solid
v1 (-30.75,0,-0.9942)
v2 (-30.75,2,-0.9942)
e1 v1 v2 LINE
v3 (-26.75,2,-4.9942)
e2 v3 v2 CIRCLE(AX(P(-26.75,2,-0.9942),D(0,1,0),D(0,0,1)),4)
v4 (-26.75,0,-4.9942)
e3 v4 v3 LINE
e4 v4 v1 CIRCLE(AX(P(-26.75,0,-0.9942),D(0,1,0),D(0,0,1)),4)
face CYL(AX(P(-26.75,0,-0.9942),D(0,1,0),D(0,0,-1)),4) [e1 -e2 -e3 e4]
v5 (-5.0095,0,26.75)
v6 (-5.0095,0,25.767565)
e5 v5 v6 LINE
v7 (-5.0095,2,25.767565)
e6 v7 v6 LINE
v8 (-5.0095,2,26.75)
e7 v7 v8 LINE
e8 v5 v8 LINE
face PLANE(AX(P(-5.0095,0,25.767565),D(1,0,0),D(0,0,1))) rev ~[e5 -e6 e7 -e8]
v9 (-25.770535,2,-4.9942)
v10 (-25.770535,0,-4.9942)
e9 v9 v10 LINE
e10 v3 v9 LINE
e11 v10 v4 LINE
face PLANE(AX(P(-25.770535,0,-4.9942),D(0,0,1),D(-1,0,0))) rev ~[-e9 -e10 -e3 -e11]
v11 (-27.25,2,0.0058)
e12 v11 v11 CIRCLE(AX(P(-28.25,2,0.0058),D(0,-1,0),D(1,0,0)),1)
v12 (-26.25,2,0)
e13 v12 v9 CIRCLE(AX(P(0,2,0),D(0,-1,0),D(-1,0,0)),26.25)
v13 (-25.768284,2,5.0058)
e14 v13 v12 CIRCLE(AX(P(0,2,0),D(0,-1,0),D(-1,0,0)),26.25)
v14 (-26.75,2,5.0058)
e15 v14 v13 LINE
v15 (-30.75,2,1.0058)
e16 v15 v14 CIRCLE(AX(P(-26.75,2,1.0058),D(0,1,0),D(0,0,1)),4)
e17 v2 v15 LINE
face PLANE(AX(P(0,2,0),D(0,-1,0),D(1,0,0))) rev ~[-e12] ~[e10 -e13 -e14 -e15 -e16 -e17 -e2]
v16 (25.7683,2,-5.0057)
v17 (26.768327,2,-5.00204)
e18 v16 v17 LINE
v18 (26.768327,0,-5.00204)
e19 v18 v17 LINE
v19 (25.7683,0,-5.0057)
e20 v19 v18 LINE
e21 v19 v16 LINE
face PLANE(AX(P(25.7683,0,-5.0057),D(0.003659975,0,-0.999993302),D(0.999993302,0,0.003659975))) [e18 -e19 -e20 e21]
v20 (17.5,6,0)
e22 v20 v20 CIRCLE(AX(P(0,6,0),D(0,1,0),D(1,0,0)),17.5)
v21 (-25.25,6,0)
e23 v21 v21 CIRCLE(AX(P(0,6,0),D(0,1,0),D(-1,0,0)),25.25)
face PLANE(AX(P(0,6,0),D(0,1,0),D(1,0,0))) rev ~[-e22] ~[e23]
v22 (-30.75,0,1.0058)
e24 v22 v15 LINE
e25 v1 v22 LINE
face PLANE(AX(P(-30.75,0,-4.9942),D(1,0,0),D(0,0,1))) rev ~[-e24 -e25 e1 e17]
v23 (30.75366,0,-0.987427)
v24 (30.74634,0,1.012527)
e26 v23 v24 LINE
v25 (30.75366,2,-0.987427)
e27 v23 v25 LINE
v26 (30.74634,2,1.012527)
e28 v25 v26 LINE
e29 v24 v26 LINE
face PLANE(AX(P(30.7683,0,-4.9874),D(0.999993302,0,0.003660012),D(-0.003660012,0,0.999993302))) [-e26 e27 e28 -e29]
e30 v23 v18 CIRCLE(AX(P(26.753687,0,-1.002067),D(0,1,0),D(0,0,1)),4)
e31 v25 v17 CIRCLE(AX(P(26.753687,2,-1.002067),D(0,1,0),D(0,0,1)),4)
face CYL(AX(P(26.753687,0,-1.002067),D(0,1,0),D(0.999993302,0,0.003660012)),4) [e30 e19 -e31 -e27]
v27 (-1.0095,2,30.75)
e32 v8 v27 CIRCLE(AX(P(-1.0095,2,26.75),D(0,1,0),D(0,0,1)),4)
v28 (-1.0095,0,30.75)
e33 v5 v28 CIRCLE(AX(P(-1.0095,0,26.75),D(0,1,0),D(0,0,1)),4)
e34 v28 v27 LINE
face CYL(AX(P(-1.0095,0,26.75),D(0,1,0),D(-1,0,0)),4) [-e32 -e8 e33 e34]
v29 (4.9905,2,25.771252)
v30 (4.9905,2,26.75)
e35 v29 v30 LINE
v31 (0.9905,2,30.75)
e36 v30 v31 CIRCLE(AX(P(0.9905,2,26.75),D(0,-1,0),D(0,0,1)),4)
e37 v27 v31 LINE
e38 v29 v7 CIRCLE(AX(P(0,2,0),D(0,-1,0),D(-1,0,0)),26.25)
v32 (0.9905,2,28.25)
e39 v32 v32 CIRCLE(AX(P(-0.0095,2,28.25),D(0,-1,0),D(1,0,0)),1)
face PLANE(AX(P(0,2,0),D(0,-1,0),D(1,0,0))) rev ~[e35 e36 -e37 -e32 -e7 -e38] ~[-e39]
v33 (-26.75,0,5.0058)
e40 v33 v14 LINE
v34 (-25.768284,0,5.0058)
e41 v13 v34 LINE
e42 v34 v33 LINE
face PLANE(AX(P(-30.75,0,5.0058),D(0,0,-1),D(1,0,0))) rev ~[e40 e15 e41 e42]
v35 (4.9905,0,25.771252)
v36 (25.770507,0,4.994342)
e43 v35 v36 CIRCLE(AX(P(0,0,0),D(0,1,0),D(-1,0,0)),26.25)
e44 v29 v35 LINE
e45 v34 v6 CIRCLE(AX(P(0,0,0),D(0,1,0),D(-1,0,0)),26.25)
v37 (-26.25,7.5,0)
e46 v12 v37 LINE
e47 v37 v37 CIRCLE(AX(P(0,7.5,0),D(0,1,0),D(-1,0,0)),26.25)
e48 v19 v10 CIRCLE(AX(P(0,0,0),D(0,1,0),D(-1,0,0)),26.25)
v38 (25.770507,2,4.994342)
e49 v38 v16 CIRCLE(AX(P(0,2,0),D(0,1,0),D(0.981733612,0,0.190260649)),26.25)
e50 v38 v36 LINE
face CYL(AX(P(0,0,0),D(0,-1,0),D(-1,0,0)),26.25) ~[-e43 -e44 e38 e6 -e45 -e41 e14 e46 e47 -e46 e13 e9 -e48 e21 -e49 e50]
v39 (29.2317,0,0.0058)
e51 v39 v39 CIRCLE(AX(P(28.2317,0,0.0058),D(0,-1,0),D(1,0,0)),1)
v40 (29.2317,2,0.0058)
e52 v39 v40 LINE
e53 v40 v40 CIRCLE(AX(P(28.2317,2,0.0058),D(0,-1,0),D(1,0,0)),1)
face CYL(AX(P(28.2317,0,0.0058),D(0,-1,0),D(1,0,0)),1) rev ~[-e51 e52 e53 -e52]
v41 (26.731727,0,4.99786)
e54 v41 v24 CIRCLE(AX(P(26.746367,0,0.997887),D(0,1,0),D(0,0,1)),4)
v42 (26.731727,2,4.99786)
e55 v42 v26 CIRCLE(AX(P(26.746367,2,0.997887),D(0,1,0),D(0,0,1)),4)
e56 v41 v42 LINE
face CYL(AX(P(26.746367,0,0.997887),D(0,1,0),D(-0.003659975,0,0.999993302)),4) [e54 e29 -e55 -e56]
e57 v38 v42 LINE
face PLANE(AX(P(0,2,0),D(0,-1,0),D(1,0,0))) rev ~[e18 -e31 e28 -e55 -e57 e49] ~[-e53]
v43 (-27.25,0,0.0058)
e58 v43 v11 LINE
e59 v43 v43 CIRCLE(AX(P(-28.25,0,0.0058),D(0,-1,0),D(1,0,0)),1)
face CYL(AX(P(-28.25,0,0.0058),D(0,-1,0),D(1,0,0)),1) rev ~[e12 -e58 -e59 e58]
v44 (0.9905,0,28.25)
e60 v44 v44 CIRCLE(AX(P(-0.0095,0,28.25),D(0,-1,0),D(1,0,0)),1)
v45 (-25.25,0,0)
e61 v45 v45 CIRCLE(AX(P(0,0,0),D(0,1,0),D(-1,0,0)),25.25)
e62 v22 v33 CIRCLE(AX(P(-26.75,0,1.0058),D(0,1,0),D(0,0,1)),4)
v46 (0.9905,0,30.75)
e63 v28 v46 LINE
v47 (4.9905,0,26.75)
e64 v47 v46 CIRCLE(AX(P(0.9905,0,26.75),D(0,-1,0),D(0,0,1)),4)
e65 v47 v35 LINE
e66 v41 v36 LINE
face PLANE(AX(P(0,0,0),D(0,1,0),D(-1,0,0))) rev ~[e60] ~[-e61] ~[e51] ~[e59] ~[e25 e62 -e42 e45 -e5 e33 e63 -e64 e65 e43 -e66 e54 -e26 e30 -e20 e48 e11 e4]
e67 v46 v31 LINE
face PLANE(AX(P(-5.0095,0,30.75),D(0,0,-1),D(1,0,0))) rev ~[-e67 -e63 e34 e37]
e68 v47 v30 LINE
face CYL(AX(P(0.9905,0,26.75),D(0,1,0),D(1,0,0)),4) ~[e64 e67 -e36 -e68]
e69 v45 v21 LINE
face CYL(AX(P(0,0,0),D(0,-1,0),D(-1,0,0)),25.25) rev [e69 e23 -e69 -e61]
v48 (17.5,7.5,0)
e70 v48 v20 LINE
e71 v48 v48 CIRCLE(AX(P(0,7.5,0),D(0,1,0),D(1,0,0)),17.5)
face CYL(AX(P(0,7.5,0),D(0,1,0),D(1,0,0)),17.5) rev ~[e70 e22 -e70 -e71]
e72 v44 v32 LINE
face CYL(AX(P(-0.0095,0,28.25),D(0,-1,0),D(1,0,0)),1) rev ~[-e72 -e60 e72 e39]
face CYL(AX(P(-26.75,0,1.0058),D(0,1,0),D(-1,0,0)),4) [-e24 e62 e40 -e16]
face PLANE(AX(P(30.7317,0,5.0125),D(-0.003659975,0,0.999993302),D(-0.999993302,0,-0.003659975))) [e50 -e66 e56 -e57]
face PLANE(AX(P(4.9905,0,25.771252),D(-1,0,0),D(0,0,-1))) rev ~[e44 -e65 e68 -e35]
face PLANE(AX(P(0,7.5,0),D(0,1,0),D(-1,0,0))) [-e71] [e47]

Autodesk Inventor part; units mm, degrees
ref_plane "YZ Plane" through (0, 0, 0) normal (1, 0, 0) x (0, 1, 0)
ref_plane "XZ Plane" through (0, 0, 0) normal (0, 1, 0) x (-1, 0, 0)
ref_plane "XY Plane" through (0, 0, 0) normal (0, 0, 1) x (1, 0, 0)
sketch "Sketch1" plane through (0, 0, 0) normal (0, 1, 0) x (-1, 0, 0)
  circle A0 centre (0, 0) radius 25.25
  circle A1 centre (0, 0) radius 26.25
  dimension "d0" = 50.5
  dimension "d1" = 52.5
extrude "Extrusion1" add sketch "Sketch1" along normal blind 7.5
sketch "Sketch2" plane through (0, 7.5, 0) normal (0, 1, 0) x (1, 0, 0)
  circle A0 centre (0, 0) radius 25.25 projected
  circle A1 centre (0, 0) radius 25.25 projected
  circle A2 centre (0, 0) radius 26.25 projected
  circle A3 centre (0, 0) radius 17.5
  dimension "d4" = 35
extrude "Extrusion2" add sketch "Sketch2" against normal blind 1.5 contours A0
sketch "Sketch3" plane through (0, 0, 0) normal (0, -1, 0) x (1, 0, 0)
  circle A0 centre (0, 0) radius 26.25 projected
  circle A1 centre (0, 0) radius 26.25 projected
  line L0 (26.25, -0.0057) -> (25.75, -0.0057)
  line L1 (-26.25, 0.0058) -> (-25.75, 0.0058)
  line L2 (-0.0095, 26.25) -> (-0.0095, 25.75)
  line L3 (25.75, -0.0057) -> (25.7683, -5.0057)
  line L4 (25.7683, -5.0057) -> (30.7683, -4.9874)
  line L5 (30.7683, -4.9874) -> (30.7317, 5.0125)
  line L6 (30.7317, 5.0125) -> (25.7317, 4.9942)
  line L7 (25.7317, 4.9942) -> (25.7317, 4.9942)
  line L8 (25.75, -0.0057) -> (25.7317, 4.9942)
  line L9 (-0.0095, 25.75) -> (-5.0095, 25.75)
  line L10 (-0.0095, 25.75) -> (4.9905, 25.75) construction
  line L11 (-5.0095, 25.75) -> (-5.0095, 30.75)
  line L12 (-5.0095, 30.75) -> (4.9905, 30.75)
  line L13 (4.9905, 30.75) -> (4.9905, 25.75)
  line L14 (4.9905, 25.75) -> (-0.0095, 25.75)
  line L15 (-25.75, 0.0058) -> (-25.75, -4.9942)
  line L16 (-25.75, 0.0058) -> (-20.75, 0.0058) construction
  line L17 (-25.75, -4.9942) -> (-30.75, -4.9942)
  line L18 (-30.75, -4.9942) -> (-30.75, 5.0058)
  line L19 (-30.75, 5.0058) -> (-25.75, 5.0058)
  line L20 (-25.75, 5.0058) -> (-25.75, 0.0058)
  circle A2 centre (28.2317, 0.0058) radius 1
  circle A3 centre (-28.25, 0.0058) radius 1
  circle A4 centre (-0.0095, 28.25) radius 1
  dimension "d7" = 0.5
  dimension "d8" = 0.5
  dimension "d9" = 0.5
  dimension "d10" = 5
  dimension "d11" = 5
  dimension "d12" = 10
  dimension "d13" = 5
  dimension "d14" = 180
  dimension "d15" = 5
  dimension "d16" = 10
  dimension "d17" = 5
  dimension "d18" = 90
  dimension "d19" = 5
  dimension "d20" = 90
  dimension "d21" = 5
  dimension "d22" = 10
  dimension "d23" = 90
  dimension "d24" = 2
  dimension "d25" = 2
  dimension "d26" = 2
extrude "Extrusion3" add sketch "Sketch3" against normal blind 2 contours A0 L6 L5 L4 | L0 L8 L6 A0 | L17 L18 L19 A0 | A0 L1 L15 L17 | A0 L19 L20 L1 | L13 L14 L2 A0 | A0 L11 L12 L13 | A0 L2 L9 L11
fillet "Fillet1" radius 4 6 edges at (-30.75, 1, -4.9942) (-30.75, 1, 5.0058) (-5.0095, 1, 30.75) (4.9905, 1, 30.75) (30.7317, 1, 5.0125) (30.7683, 1, -4.9874)
properties part number "AudioColor"
